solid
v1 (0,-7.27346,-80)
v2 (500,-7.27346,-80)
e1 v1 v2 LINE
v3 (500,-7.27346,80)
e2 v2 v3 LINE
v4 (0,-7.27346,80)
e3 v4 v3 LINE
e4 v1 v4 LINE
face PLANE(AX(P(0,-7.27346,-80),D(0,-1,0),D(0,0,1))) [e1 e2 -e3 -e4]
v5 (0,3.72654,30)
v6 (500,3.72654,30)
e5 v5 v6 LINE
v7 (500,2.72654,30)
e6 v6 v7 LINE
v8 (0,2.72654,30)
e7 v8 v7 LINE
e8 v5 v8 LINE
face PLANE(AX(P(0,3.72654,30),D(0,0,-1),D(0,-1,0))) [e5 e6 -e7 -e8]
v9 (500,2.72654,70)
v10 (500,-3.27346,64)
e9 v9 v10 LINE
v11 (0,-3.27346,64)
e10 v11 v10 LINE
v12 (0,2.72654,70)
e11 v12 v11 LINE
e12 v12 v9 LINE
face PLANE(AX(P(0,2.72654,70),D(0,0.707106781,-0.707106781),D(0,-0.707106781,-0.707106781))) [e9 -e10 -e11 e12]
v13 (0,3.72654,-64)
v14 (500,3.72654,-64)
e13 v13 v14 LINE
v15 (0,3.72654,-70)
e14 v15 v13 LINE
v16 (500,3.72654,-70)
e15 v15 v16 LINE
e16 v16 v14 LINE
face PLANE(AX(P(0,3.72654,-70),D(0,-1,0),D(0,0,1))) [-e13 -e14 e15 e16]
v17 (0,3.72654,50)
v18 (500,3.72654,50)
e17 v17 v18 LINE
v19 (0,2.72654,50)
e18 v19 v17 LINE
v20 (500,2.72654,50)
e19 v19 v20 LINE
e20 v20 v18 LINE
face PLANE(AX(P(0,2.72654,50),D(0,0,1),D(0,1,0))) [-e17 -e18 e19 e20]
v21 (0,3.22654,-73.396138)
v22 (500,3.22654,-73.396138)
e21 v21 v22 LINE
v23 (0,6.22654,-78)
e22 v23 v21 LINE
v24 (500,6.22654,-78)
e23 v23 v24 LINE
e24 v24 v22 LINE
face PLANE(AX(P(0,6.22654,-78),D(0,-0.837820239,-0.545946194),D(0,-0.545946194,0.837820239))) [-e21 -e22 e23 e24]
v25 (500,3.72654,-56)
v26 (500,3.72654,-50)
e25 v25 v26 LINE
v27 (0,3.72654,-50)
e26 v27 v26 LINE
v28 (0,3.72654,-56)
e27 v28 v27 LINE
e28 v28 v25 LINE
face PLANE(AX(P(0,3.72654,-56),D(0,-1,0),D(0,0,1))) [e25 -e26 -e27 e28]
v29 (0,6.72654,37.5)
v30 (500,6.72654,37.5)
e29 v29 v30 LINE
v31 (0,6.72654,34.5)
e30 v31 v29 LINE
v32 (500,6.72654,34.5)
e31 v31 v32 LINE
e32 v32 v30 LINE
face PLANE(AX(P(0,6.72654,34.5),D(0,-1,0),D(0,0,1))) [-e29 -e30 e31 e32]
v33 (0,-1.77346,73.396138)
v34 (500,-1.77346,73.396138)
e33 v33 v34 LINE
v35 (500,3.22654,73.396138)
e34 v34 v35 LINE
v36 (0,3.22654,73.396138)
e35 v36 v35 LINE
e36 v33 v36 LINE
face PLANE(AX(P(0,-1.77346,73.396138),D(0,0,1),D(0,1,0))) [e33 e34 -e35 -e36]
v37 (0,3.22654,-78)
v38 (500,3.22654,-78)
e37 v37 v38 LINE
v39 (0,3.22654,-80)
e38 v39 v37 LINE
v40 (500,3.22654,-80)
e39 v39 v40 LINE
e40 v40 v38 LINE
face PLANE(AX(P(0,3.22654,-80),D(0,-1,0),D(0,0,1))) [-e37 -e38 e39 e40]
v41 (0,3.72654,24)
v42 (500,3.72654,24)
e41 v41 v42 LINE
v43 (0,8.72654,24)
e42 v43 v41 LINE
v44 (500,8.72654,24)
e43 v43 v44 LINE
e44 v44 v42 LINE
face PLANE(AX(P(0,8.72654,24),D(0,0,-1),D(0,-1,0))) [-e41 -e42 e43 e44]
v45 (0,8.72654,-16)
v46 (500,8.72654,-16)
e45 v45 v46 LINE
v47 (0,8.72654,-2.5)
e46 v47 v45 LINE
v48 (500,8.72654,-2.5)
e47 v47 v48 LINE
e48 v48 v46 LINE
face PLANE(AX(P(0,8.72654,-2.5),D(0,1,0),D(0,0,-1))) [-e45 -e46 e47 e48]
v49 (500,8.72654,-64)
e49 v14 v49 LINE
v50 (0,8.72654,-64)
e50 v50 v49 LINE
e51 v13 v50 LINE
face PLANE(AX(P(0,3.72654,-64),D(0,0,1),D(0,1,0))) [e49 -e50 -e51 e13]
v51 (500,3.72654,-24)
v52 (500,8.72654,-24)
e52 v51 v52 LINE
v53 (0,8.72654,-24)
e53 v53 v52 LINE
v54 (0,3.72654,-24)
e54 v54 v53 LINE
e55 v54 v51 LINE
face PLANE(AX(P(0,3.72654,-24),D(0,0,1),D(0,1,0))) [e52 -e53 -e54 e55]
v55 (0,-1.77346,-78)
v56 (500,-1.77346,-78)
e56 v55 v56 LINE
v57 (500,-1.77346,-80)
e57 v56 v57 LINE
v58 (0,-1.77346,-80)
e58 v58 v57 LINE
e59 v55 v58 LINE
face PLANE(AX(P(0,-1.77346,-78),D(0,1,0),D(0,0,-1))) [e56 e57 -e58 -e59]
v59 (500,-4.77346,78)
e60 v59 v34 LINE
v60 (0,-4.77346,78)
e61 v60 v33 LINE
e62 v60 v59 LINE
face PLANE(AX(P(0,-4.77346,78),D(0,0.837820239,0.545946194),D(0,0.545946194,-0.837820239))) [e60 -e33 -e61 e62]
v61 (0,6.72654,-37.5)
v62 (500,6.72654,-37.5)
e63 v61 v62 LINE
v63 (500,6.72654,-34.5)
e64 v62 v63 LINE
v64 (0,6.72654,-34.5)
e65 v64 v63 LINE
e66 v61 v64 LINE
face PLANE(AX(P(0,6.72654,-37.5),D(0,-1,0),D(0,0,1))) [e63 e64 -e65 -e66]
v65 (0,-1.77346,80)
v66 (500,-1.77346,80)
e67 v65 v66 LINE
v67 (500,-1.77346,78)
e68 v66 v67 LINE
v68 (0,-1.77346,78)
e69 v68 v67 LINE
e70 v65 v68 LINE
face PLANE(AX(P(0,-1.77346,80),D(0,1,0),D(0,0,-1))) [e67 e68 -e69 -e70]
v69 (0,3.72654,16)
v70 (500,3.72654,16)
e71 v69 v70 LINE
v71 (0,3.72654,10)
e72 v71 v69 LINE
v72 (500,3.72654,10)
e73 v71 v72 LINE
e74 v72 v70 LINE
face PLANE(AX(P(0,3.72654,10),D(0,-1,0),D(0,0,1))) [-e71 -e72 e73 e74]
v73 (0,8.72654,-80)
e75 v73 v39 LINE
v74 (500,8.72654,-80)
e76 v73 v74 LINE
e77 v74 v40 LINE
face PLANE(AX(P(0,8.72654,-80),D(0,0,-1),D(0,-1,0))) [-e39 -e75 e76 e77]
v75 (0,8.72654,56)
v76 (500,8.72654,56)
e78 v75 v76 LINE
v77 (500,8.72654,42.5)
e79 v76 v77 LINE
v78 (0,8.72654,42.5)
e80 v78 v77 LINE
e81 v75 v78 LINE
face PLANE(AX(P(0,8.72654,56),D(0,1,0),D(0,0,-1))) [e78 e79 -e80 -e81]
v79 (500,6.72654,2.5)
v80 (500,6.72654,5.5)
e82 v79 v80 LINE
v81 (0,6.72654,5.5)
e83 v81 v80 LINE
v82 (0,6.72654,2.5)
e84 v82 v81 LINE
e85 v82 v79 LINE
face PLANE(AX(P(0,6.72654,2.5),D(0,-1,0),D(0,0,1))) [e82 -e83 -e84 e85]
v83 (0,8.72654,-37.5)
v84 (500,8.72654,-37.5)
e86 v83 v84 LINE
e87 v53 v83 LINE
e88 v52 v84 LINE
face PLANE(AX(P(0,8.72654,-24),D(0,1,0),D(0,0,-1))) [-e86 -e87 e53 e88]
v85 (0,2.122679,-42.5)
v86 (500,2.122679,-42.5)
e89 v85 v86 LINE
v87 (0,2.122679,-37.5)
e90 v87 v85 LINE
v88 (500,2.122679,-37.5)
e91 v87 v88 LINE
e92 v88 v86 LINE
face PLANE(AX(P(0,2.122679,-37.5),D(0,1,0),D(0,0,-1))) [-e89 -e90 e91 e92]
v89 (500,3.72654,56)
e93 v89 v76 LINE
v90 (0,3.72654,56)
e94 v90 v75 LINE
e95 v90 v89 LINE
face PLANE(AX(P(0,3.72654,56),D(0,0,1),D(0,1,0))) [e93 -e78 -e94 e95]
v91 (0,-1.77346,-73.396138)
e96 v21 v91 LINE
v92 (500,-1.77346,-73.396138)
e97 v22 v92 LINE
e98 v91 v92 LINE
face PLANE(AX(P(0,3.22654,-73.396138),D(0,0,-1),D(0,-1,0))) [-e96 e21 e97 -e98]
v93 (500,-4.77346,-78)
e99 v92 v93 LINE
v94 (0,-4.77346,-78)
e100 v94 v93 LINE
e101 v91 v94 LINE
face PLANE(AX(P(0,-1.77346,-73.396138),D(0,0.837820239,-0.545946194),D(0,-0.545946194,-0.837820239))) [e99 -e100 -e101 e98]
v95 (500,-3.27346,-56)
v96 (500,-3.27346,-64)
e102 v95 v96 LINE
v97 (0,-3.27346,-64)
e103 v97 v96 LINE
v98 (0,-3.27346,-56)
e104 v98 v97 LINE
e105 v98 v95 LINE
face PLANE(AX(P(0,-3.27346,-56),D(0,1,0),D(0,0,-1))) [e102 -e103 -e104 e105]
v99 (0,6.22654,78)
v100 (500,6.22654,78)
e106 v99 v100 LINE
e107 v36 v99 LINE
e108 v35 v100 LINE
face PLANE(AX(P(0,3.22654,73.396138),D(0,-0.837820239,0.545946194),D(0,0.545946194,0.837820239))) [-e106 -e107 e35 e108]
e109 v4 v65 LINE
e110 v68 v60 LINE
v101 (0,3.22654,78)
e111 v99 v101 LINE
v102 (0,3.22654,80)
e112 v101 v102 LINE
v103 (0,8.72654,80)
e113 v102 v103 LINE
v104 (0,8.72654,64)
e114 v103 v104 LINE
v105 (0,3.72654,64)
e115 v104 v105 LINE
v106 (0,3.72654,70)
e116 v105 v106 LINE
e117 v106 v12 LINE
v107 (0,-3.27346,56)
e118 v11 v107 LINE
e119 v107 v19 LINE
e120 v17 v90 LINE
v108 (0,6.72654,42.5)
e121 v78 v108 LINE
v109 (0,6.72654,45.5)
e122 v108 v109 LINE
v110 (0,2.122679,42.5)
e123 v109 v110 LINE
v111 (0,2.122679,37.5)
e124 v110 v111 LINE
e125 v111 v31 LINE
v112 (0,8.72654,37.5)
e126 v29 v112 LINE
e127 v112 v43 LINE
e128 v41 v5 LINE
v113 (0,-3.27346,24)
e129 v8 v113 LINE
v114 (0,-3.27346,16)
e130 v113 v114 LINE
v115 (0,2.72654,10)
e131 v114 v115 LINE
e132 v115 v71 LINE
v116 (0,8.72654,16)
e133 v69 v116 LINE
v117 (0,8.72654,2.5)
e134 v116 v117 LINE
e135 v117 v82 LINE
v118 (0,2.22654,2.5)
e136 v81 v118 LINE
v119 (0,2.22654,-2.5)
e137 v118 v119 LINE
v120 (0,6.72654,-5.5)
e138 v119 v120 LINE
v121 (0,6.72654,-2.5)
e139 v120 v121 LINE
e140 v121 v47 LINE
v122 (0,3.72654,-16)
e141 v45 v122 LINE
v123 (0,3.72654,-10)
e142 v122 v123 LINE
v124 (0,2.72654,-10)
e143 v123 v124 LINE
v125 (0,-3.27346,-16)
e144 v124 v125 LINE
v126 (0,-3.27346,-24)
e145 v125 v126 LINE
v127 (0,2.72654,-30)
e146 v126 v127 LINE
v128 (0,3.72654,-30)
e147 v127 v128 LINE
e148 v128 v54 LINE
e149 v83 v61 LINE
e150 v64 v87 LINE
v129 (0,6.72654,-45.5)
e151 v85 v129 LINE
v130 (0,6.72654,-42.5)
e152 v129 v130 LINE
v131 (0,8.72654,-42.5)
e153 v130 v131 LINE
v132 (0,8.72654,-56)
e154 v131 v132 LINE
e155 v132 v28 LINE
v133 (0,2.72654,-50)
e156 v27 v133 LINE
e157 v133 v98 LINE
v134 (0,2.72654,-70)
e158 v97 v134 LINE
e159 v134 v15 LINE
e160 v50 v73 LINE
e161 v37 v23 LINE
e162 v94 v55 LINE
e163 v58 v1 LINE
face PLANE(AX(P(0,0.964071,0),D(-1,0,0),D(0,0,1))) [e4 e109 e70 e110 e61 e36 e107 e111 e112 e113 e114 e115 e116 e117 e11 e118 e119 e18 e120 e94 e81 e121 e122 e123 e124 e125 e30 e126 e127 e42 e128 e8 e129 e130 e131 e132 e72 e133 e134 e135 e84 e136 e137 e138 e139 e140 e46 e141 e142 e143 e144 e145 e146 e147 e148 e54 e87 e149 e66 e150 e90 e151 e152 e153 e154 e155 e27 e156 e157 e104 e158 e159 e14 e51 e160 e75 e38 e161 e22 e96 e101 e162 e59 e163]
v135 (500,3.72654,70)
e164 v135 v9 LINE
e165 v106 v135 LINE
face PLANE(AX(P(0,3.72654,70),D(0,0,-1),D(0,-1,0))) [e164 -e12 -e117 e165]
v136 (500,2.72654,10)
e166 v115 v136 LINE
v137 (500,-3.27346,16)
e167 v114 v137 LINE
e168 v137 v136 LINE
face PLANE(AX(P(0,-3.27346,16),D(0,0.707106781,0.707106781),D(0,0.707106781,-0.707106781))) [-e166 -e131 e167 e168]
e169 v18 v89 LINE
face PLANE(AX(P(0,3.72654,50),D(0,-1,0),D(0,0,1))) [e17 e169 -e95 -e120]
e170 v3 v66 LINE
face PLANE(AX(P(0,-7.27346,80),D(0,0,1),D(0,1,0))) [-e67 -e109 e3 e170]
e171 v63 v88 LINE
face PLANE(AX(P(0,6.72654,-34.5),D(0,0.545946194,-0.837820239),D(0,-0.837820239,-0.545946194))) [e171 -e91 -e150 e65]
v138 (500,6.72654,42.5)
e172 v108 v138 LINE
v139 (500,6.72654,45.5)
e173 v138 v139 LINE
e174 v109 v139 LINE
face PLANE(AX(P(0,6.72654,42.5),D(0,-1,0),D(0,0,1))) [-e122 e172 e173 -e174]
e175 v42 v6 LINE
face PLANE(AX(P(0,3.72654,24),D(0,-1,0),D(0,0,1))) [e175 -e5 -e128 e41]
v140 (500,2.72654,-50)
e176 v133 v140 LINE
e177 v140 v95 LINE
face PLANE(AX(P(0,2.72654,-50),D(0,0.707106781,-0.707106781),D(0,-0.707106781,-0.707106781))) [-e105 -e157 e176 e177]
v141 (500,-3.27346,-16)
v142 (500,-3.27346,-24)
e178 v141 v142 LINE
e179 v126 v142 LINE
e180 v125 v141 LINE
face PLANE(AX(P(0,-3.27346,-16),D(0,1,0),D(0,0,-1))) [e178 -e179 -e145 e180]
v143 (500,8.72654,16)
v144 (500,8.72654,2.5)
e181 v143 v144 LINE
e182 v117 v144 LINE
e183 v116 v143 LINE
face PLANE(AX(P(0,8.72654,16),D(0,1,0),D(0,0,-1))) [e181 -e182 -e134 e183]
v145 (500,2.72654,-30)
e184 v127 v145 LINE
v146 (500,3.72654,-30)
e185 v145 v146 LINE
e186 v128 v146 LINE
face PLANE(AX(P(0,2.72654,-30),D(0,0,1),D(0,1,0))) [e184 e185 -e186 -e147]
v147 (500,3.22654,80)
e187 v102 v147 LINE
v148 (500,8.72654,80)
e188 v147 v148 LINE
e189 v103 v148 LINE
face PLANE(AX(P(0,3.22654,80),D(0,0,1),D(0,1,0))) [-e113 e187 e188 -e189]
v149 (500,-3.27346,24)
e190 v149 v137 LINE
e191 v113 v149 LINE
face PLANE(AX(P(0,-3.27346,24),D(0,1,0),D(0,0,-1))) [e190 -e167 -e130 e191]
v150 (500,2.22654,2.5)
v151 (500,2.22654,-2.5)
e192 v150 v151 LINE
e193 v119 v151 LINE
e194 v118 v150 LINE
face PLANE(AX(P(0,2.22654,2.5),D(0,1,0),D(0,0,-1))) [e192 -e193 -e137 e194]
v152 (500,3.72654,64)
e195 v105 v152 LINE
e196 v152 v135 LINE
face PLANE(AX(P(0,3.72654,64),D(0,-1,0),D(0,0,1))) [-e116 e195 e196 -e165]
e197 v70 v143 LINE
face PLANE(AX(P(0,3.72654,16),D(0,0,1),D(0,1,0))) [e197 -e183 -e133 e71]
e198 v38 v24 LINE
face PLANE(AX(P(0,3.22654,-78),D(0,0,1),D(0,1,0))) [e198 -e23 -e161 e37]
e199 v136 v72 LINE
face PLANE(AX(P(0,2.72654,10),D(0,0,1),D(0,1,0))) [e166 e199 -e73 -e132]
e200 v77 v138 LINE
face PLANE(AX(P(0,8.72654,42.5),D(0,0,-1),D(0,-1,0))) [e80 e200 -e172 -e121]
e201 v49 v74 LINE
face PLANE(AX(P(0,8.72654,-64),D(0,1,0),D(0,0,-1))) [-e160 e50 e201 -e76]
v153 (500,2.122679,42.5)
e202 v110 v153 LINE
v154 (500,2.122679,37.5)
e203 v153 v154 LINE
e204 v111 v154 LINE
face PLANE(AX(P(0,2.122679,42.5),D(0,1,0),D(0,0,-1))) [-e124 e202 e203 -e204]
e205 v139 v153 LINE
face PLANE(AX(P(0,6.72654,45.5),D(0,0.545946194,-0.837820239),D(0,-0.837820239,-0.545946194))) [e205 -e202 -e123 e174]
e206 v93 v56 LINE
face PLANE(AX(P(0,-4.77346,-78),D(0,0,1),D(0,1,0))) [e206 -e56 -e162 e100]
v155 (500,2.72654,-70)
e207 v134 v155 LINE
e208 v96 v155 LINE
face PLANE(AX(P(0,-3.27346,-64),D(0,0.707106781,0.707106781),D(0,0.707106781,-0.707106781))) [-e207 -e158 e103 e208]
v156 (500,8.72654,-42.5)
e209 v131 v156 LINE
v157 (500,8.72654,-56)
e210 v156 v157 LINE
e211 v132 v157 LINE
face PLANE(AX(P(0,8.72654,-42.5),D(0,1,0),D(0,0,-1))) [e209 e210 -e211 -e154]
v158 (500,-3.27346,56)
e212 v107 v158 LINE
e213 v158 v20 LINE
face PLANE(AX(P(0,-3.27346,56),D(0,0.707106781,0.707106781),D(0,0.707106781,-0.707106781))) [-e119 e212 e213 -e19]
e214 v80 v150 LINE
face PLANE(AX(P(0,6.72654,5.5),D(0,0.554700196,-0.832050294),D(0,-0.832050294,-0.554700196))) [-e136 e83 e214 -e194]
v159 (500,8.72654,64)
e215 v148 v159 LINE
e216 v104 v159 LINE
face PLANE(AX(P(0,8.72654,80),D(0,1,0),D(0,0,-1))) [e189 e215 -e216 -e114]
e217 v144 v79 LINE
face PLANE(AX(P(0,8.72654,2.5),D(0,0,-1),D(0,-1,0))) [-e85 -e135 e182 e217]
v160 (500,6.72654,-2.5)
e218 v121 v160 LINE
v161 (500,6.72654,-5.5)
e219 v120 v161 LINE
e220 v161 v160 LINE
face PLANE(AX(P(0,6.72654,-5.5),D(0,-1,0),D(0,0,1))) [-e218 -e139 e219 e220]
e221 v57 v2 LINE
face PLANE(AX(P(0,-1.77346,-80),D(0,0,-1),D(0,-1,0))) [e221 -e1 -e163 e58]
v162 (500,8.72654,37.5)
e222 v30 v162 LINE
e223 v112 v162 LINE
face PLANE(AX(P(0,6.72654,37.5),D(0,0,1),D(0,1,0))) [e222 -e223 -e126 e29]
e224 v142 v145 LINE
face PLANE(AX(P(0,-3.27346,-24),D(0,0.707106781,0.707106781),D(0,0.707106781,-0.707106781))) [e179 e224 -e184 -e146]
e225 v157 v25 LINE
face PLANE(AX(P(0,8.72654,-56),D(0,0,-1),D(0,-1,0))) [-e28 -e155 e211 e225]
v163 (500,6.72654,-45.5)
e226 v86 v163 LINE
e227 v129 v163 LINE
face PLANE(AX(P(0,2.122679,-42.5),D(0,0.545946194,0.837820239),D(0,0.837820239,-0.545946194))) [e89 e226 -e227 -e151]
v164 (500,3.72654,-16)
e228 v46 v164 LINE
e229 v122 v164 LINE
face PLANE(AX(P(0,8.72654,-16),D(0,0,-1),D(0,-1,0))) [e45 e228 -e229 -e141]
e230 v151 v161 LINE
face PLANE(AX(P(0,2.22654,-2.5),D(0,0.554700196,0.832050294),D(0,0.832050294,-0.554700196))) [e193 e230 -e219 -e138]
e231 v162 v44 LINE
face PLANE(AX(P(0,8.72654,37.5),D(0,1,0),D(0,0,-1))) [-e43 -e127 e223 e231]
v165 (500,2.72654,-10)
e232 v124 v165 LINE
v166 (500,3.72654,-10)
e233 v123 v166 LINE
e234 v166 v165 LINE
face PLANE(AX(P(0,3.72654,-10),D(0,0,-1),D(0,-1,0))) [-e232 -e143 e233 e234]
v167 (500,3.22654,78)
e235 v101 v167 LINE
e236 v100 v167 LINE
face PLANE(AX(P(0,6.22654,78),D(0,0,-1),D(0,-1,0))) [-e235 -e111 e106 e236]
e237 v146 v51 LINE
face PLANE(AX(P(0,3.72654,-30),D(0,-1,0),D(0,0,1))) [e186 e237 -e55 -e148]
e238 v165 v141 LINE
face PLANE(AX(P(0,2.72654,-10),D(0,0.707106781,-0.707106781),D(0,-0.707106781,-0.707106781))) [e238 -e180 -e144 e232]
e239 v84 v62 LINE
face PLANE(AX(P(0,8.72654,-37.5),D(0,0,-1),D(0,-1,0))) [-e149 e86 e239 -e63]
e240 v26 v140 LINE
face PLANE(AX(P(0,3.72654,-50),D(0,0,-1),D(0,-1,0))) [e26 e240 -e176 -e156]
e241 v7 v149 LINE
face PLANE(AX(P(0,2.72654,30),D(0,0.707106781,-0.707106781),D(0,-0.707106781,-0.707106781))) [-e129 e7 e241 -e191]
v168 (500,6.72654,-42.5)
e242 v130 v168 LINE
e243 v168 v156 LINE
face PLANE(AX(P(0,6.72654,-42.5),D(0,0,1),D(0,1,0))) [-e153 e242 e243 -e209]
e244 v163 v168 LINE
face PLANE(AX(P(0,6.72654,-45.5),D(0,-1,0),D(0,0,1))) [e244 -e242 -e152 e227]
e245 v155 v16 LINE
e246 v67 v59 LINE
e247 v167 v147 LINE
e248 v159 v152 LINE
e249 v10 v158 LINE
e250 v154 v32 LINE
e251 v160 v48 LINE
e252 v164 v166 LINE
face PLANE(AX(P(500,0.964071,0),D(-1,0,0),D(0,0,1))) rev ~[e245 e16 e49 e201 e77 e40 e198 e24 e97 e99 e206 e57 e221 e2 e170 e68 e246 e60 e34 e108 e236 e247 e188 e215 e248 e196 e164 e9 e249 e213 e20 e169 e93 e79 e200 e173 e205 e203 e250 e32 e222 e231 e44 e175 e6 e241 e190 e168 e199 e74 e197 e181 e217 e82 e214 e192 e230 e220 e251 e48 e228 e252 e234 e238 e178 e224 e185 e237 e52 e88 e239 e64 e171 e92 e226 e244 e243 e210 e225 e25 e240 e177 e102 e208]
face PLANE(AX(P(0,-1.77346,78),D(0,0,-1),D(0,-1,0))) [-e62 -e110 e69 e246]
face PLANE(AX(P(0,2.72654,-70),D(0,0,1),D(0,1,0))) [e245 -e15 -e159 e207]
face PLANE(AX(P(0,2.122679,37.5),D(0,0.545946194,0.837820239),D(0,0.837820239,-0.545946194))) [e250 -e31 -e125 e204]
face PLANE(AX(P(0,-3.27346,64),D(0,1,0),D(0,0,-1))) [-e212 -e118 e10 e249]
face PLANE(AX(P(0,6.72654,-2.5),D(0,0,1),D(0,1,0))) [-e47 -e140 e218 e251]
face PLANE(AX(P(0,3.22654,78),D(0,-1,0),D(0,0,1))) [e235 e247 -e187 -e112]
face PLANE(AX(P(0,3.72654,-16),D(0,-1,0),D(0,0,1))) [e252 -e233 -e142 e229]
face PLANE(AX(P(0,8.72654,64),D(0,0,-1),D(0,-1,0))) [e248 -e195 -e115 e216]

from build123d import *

# Parameters (mm, degrees)
BOSS_EXTRUDE1_DEPTH = 500


with BuildPart() as part:
    # Sketch1 → Boss-Extrude1 (new body)
    with BuildSketch(Plane(origin=(0, 0, 0), x_dir=(0, 0, -1), z_dir=(1, 0, 0))):
        Polygon((80, -7.273459567), (-80, -7.273459567), (-80, -1.773459567), (-78, -1.773459567), (-78, -4.773459567), (-73.396138399, -1.773459567), (-73.396138399, 3.226540433), (-78, 6.226540433), (-78, 3.226540433), (-80, 3.226540433), (-80, 8.726540433), (-64, 8.726540433), (-64, 3.726540433), (-70, 3.726540433), (-70, 2.726540433), (-64, -3.273459567), (-56, -3.273459567), (-50, 2.726540433), (-50, 3.726540433), (-56, 3.726540433), (-56, 8.726540433), (-42.5, 8.726540433), (-42.5, 6.726540433), (-45.5, 6.726540433), (-42.5, 2.122678831), (-37.5, 2.122678831), (-34.5, 6.726540433), (-37.5, 6.726540433), (-37.5, 8.726540433), (-24, 8.726540433), (-24, 3.726540433), (-30, 3.726540433), (-30, 2.726540433), (-24, -3.273459567), (-16, -3.273459567), (-10, 2.726540433), (-10, 3.726540433), (-16, 3.726540433), (-16, 8.726540433), (-2.5, 8.726540433), (-2.5, 6.726540433), (-5.5, 6.726540433), (-2.5, 2.226540433), (2.5, 2.226540433), (5.5, 6.726540433), (2.5, 6.726540433), (2.5, 8.726540433), (16, 8.726540433), (16, 3.726540433), (10, 3.726540433), (10, 2.726540433), (16, -3.273459567), (24, -3.273459567), (30, 2.726540433), (30, 3.726540433), (24, 3.726540433), (24, 8.726540433), (37.5, 8.726540433), (37.5, 6.726540433), (34.5, 6.726540433), (37.5, 2.122678831), (42.5, 2.122678831), (45.5, 6.726540433), (42.5, 6.726540433), (42.5, 8.726540433), (56, 8.726540433), (56, 3.726540433), (50, 3.726540433), (50, 2.726540433), (56, -3.273459567), (64, -3.273459567), (70, 2.726540433), (70, 3.726540433), (64, 3.726540433), (64, 8.726540433), (80, 8.726540433), (80, 3.226540433), (78, 3.226540433), (78, 6.226540433), (73.396138399, 3.226540433), (73.396138399, -1.773459567), (78, -4.773459567), (78, -1.773459567), (80, -1.773459567), align=None)
    extrude(amount=BOSS_EXTRUDE1_DEPTH)


solid = part.part
